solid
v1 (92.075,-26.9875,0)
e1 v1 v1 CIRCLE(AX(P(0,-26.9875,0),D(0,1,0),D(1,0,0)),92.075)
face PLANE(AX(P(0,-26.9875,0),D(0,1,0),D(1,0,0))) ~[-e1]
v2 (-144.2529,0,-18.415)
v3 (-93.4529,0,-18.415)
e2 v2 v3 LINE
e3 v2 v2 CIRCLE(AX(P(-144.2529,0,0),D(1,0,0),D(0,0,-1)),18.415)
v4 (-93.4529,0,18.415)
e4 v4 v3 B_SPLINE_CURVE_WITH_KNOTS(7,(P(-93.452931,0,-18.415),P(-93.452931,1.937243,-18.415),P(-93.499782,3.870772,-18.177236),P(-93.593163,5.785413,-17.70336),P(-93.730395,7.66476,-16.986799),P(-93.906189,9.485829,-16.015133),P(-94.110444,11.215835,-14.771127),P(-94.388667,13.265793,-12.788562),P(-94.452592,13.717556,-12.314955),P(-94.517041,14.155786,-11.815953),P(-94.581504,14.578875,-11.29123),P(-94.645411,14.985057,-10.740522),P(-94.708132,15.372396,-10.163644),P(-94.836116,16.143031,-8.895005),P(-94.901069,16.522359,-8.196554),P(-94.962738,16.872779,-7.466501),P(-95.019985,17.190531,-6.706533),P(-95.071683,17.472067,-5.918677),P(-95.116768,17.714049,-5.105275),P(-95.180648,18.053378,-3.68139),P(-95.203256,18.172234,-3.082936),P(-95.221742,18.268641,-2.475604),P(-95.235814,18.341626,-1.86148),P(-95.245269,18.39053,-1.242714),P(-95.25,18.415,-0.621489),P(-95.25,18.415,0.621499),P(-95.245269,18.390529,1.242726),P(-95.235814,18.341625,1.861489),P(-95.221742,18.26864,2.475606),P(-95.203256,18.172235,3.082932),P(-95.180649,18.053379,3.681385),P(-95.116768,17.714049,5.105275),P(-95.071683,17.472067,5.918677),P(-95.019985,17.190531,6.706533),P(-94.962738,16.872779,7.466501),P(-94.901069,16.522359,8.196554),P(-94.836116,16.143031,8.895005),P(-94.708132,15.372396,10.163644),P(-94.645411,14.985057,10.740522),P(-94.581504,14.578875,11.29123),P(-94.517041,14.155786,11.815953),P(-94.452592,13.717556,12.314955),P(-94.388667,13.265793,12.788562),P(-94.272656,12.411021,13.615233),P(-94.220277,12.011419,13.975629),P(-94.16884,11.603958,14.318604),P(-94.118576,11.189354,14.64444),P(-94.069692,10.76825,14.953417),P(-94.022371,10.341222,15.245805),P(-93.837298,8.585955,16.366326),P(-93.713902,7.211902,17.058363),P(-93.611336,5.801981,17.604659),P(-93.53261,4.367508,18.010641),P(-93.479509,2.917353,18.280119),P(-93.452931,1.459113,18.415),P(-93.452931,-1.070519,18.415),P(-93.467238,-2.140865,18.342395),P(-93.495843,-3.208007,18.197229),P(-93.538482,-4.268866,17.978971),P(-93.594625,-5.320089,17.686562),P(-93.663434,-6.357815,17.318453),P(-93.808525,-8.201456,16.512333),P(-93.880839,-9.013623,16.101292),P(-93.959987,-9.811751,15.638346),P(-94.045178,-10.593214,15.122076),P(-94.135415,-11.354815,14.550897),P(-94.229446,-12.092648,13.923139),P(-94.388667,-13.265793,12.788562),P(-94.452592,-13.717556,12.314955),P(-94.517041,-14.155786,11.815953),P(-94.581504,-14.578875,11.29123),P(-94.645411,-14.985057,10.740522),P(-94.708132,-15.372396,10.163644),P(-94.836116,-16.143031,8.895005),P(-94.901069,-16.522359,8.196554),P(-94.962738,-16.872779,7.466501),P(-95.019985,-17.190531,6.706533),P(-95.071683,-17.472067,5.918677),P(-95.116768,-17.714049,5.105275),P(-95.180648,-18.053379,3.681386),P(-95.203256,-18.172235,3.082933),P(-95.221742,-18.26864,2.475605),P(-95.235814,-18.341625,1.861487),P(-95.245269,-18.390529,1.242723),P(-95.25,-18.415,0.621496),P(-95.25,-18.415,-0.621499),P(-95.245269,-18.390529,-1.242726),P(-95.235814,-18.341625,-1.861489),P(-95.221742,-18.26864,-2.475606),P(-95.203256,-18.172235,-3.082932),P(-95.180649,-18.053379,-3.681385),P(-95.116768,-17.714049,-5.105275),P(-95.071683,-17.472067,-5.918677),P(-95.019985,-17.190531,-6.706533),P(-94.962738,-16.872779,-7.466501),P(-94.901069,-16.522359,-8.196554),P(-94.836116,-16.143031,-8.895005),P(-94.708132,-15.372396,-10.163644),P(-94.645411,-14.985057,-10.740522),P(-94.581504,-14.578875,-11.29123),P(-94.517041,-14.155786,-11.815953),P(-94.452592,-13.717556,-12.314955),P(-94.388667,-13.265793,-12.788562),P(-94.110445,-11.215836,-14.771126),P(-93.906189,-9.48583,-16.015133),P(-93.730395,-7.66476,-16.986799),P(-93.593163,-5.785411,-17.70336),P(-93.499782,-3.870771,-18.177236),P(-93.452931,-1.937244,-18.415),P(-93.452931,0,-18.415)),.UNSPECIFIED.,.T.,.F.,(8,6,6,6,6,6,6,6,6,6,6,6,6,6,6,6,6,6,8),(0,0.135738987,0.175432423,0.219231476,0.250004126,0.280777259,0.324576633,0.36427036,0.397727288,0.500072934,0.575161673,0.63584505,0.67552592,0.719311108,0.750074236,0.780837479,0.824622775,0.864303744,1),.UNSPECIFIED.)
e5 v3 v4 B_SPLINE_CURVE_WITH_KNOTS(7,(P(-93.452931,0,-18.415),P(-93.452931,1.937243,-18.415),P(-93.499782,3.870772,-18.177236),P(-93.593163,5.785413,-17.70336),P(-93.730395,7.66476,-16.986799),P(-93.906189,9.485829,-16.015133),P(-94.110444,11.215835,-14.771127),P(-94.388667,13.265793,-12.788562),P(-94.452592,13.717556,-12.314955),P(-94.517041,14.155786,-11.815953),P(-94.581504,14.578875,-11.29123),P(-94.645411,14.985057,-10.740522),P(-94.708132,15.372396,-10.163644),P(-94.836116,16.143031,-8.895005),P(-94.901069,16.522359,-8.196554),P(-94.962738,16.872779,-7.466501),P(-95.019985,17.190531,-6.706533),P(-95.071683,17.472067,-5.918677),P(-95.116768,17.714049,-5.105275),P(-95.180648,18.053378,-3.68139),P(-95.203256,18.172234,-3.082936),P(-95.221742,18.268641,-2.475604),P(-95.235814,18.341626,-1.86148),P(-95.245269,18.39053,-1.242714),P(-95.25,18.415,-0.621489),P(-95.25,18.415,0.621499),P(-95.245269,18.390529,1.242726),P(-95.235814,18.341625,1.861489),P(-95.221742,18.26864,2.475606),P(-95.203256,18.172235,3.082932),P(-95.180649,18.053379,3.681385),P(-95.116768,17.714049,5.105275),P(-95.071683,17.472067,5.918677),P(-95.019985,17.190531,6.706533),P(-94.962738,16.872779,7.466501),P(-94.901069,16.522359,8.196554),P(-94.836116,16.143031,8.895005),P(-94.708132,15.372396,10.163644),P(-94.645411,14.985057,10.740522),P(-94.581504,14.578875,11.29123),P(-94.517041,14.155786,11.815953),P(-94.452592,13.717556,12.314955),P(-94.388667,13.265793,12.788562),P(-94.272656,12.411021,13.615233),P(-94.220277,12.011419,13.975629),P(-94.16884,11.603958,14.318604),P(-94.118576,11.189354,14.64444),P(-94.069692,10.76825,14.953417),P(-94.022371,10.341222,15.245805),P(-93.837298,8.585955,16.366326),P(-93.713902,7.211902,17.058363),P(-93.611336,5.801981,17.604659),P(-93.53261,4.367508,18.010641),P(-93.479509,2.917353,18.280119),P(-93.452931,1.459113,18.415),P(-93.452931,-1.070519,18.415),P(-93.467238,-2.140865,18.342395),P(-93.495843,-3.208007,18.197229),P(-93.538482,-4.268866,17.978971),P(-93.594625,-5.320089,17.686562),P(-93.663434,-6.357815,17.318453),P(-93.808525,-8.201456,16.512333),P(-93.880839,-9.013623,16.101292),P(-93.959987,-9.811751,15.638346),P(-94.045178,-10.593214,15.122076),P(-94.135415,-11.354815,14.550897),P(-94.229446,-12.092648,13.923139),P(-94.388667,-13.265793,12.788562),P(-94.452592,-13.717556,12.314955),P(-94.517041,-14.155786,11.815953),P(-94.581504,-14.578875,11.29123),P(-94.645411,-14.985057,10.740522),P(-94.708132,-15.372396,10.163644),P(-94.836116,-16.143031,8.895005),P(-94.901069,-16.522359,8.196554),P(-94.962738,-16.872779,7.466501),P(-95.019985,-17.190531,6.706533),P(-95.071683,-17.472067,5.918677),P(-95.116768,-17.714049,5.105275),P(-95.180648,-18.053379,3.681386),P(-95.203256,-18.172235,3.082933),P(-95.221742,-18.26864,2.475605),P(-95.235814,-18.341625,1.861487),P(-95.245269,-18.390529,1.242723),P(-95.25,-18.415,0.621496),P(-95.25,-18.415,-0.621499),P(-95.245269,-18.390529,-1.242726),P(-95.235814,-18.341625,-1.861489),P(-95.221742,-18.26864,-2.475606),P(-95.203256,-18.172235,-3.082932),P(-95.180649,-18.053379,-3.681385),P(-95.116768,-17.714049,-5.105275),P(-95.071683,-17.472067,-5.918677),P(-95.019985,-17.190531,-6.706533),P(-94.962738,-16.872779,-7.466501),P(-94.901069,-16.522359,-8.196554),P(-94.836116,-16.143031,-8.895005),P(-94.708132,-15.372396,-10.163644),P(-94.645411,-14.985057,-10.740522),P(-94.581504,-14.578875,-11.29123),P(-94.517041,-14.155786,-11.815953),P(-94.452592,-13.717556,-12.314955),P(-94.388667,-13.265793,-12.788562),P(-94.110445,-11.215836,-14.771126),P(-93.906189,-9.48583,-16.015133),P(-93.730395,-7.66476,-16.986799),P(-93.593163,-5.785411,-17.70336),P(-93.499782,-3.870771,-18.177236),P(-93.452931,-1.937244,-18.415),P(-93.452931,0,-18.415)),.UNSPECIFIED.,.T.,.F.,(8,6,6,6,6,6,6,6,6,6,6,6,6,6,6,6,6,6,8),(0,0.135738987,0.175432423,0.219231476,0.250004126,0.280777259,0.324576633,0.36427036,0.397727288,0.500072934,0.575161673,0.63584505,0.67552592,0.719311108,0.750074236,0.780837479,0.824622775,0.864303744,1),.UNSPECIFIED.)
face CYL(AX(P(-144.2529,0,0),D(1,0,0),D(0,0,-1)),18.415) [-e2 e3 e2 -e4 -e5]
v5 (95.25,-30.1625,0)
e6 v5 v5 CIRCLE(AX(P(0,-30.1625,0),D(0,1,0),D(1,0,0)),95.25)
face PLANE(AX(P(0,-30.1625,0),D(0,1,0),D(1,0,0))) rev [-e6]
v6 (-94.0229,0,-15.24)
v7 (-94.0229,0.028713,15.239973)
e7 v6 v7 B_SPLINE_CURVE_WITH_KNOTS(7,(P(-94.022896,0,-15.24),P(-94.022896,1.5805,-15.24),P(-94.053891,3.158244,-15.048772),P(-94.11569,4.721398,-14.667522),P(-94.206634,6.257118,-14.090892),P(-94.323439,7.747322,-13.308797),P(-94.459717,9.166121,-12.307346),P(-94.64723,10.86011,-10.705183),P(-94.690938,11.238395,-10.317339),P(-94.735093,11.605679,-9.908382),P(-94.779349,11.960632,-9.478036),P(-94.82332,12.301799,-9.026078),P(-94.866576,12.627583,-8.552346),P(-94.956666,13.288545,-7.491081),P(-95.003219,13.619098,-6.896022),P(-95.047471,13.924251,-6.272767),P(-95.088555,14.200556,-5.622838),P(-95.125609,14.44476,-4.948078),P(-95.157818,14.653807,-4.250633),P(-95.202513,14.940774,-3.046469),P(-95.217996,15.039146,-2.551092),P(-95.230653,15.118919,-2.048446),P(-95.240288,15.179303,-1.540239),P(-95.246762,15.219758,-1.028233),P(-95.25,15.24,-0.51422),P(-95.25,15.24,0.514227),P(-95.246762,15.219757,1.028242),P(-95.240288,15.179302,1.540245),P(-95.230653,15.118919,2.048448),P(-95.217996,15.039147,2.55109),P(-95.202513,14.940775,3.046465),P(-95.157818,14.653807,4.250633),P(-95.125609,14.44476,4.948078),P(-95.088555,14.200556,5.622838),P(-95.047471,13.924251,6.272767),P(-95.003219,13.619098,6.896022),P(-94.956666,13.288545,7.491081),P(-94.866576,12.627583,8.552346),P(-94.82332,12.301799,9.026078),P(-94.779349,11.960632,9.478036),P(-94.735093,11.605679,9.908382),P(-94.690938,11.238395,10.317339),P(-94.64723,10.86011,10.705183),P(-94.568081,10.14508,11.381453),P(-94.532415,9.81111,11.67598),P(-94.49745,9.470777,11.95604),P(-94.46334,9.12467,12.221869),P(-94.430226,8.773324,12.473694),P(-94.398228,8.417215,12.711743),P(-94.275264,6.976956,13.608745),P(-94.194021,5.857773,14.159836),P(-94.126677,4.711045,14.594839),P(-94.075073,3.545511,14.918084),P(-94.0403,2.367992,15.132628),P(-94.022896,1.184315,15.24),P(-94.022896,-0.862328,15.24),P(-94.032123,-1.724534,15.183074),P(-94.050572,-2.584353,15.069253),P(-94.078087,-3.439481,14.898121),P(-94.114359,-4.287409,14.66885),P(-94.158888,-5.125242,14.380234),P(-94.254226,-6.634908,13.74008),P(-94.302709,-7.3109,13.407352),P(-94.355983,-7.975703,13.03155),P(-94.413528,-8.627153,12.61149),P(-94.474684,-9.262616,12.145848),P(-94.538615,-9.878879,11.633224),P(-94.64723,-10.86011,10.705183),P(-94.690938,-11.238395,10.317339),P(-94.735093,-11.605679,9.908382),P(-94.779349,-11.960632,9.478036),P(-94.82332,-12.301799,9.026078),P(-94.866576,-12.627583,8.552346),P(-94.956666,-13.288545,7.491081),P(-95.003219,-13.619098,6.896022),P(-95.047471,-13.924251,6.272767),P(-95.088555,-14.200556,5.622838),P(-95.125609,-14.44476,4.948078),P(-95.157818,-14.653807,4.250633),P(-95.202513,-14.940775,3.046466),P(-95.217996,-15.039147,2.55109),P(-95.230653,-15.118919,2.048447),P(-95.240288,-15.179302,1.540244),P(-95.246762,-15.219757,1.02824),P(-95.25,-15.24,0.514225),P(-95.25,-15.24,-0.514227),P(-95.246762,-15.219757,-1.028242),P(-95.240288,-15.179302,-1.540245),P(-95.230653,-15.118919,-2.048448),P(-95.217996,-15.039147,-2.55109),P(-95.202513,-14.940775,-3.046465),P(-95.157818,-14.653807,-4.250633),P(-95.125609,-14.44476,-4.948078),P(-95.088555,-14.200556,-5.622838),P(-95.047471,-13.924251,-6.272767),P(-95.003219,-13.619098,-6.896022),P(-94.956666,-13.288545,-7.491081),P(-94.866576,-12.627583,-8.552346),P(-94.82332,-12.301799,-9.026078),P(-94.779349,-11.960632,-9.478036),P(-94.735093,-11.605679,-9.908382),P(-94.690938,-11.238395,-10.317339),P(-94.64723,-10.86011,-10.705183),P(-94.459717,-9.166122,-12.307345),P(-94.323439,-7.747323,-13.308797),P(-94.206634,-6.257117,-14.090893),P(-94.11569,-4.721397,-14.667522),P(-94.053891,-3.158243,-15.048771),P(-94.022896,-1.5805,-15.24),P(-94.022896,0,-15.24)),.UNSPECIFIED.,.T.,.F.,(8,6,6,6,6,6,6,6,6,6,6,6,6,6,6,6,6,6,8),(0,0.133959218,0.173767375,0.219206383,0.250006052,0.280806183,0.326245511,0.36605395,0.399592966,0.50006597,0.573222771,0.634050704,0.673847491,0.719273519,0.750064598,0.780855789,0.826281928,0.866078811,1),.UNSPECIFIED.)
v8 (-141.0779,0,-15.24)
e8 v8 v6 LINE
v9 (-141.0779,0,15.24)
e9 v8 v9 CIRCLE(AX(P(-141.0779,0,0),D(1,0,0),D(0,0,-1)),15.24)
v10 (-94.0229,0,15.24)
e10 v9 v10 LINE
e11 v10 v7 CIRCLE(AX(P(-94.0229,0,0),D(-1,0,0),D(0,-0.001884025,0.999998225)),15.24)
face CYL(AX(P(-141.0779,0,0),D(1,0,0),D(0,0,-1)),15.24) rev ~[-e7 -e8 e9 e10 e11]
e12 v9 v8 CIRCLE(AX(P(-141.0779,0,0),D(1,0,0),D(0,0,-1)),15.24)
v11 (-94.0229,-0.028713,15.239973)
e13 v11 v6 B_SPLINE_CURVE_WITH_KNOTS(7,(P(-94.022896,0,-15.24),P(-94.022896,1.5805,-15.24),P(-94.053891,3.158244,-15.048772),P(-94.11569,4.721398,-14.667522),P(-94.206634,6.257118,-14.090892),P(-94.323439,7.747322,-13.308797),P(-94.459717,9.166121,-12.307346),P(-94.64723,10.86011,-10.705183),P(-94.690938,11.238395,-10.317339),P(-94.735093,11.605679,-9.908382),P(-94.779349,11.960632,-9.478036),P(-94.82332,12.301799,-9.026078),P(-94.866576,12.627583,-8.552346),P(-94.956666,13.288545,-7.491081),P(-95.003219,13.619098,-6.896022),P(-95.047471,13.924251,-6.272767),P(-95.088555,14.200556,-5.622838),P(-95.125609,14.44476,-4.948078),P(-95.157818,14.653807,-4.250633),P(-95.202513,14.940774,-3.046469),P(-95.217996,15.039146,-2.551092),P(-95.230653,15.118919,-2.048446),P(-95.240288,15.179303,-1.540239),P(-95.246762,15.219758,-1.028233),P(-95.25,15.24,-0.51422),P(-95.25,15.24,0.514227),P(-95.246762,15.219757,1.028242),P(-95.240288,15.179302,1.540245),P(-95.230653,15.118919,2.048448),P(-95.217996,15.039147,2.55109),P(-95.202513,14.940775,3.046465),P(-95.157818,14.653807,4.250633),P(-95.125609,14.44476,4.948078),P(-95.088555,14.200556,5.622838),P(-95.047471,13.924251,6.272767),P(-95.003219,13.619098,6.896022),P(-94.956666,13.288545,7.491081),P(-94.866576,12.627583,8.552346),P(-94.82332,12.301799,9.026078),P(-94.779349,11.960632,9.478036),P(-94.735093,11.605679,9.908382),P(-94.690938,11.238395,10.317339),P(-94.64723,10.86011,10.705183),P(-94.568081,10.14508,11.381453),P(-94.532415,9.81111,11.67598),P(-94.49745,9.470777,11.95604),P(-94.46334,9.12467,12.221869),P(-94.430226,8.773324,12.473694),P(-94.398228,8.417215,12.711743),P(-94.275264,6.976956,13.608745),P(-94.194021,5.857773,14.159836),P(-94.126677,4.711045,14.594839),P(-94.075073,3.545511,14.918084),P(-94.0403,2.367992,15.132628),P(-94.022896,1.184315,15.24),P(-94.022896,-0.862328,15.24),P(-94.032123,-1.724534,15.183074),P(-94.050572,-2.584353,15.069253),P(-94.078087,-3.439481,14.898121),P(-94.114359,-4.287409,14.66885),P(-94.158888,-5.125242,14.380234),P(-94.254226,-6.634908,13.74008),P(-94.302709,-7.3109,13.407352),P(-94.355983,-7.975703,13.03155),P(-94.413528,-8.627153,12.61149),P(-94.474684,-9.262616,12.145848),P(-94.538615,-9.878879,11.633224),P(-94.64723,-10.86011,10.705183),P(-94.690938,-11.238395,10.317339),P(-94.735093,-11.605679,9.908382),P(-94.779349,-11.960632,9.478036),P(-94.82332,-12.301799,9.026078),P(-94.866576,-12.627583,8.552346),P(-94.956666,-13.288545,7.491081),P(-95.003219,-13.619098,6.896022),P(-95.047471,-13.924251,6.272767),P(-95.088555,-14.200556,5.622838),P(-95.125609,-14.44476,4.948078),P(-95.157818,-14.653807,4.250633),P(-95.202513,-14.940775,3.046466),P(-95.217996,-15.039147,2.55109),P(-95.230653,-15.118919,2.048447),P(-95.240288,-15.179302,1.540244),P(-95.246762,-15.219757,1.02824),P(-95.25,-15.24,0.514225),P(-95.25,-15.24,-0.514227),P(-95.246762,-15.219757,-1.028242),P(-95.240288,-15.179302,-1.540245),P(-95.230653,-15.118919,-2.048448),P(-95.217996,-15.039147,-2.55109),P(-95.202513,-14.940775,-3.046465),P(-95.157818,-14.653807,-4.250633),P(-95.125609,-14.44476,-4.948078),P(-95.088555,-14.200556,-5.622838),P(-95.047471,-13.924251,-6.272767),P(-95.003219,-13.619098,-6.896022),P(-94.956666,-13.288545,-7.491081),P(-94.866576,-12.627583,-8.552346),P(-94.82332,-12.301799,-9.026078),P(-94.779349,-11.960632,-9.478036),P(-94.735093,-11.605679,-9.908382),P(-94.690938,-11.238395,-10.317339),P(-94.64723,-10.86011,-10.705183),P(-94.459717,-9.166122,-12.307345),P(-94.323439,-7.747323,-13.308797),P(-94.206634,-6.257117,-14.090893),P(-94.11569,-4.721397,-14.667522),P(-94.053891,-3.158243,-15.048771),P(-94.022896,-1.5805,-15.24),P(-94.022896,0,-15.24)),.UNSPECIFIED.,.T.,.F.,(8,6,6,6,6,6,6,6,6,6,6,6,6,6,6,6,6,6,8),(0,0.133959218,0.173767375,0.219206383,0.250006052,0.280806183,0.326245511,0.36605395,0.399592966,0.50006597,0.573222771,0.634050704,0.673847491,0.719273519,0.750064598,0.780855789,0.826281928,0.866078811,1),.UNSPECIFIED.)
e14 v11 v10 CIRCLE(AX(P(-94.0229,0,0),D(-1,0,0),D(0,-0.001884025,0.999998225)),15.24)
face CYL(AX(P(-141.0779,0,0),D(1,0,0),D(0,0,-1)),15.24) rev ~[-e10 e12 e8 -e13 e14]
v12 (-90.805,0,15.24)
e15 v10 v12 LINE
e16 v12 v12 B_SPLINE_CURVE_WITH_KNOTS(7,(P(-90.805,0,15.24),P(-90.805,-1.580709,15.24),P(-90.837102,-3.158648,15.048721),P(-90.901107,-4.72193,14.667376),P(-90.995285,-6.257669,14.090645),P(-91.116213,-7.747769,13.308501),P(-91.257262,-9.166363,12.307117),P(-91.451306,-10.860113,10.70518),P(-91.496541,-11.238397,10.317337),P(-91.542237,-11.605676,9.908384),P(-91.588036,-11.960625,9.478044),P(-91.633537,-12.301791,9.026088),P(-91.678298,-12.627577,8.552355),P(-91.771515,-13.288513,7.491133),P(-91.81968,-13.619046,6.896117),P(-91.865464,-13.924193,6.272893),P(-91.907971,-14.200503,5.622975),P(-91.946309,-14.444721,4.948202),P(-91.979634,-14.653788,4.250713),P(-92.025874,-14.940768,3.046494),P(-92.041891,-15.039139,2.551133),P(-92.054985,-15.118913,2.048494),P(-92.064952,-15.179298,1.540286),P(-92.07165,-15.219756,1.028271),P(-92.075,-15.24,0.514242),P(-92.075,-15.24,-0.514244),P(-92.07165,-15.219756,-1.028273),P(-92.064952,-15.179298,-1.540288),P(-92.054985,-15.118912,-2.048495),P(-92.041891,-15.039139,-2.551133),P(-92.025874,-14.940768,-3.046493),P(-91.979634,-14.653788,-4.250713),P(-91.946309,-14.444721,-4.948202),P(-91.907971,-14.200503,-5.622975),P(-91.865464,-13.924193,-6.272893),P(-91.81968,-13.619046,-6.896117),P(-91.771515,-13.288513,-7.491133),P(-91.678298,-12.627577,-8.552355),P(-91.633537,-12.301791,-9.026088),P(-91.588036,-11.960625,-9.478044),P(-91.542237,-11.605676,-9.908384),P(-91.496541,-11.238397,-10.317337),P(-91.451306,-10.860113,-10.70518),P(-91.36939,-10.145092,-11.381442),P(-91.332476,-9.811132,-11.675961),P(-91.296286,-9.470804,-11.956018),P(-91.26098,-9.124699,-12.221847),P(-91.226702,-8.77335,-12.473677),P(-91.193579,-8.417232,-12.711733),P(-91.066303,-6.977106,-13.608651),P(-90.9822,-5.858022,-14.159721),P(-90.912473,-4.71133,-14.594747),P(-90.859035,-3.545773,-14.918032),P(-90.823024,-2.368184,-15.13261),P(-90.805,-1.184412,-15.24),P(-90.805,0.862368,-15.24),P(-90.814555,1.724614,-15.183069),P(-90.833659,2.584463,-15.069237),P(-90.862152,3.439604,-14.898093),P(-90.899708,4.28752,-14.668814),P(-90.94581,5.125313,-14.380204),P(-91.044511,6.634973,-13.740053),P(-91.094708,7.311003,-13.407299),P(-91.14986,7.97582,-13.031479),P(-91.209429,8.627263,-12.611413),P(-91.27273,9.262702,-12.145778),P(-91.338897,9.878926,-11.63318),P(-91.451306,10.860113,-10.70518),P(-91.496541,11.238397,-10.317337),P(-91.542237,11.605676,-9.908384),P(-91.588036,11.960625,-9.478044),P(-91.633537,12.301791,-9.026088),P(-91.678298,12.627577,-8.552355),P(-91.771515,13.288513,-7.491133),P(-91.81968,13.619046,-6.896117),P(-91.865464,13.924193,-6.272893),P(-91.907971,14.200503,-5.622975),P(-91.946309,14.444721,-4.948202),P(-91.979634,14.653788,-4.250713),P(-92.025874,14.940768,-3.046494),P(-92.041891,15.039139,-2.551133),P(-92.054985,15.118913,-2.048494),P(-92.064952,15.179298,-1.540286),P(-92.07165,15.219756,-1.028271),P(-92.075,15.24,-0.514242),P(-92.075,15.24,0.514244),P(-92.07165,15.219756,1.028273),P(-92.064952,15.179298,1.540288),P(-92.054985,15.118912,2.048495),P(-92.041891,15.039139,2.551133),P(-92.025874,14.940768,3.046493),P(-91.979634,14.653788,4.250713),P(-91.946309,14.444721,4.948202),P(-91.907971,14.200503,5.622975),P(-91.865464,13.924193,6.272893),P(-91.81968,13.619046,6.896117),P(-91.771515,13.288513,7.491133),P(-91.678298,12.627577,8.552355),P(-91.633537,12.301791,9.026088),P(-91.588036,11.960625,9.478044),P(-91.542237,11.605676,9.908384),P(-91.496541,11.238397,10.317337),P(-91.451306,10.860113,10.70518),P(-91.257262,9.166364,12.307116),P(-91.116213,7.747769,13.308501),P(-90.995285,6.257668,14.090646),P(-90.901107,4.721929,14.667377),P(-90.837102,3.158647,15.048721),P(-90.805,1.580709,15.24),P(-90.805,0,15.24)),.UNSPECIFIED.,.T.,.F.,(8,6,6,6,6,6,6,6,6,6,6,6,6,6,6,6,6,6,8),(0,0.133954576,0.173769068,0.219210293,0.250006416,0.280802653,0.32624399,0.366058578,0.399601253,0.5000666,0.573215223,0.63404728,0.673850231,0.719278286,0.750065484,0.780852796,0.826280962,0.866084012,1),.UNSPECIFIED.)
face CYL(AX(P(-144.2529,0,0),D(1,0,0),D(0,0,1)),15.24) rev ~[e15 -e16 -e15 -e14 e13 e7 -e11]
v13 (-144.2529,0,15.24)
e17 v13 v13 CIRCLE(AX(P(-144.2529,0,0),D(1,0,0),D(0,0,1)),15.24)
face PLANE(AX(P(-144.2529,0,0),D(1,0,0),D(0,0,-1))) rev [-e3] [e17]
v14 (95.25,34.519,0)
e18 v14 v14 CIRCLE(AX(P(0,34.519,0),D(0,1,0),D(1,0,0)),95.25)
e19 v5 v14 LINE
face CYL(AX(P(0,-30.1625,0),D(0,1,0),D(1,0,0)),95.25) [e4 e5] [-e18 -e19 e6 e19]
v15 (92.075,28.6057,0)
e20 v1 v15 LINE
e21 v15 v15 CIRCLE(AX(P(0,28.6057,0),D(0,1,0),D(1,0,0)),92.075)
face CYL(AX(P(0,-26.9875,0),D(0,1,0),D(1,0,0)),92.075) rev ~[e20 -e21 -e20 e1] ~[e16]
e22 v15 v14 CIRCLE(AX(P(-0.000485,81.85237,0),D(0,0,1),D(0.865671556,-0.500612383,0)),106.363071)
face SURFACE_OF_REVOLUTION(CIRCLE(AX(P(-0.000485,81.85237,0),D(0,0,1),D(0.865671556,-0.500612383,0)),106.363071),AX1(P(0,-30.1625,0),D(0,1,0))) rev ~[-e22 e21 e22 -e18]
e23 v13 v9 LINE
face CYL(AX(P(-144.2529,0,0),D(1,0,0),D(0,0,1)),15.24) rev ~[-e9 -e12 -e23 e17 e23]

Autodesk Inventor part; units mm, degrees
ref_plane "YZ Plane" through (0, 0, 0) normal (1, 0, 0) x (0, 1, 0)
ref_plane "XZ Plane" through (0, 0, 0) normal (0, 1, 0) x (-1, 0, 0)
ref_plane "XY Plane" through (0, 0, 0) normal (0, 0, 1) x (1, 0, 0)
sketch "Sketch1" plane through (0, 0, 0) normal (0, 0, 1) x (1, 0, 0)
  line L0 (87.9882, 31.75) -> (89.8166, 31.75)
  line L1 (0, 0) -> (0, -1.5875)
  line L2 (0, -30.1625) -> (95.25, -30.1625)
  line L3 (0, -30.1625) -> (0, -26.9875)
  line L4 (95.25, -30.1625) -> (95.25, 34.519)
  line L5 (0, -26.9875) -> (92.075, -26.9875)
  line L6 (92.075, -26.9875) -> (92.075, 28.6057)
  arc A0 (92.075, 28.6057) -> (95.25, 34.519) centre (0, 81.8521) ccw
  dimension "d11" = 31.75
  dimension "d52" = 95.25
  dimension "d53" = 3.175
  dimension "d55" = 3.175
  dimension "d56" = 106.3625
revolve "Revolution4" add sketch "Sketch1" angle 360 about axis through (0, -30.1625, 0) along (0, 1, 0)
sketch "Sketch15" plane through (0, 0, 0) normal (0, 1, 0) x (-1, 0, 0)
  line L0 (144.2529, 0) -> (144.2529, -18.415)
  circle A0 centre (0, 0) radius 95.25 projected
  line L1 (144.2529, -18.415) -> (93.4529, -18.415)
  line L2 (144.2529, 0) -> (141.0779, 0)
  line L3 (141.0779, 0) -> (141.0779, -15.24)
  line L4 (141.0779, -15.24) -> (94.0229, -15.24)
  point P0 (0, 0)
  dimension "d58" = 3.175
  dimension "d59" = 15.24
  dimension "d60" = 3.175
  dimension "d61" = 50.8
revolve "Revolution5" add sketch "Sketch15" angle 360 about axis through (-144.2529, 0, 0) along (1, 0, 0) contours L0 L1 A0 L4 L3 L2
sketch "Sketch17" plane through (-144.2529, 0, 0) normal (-1, 0, 0) x (0, 0, 1)
  circle A0 centre (0, 0) radius 18.415 projected
hole "Hole5" at (-144.2529, 0, 0) direction (1, 0, 0) diameter 30.48 depth 127 tip angle 118
sketch "Sketch18" plane through (-144.2529, 0, 0) normal (-1, 0, 0) x (0, 0, 1)
  point P0 (0, 0)
properties part number "low_profile_noiseAttachment"
